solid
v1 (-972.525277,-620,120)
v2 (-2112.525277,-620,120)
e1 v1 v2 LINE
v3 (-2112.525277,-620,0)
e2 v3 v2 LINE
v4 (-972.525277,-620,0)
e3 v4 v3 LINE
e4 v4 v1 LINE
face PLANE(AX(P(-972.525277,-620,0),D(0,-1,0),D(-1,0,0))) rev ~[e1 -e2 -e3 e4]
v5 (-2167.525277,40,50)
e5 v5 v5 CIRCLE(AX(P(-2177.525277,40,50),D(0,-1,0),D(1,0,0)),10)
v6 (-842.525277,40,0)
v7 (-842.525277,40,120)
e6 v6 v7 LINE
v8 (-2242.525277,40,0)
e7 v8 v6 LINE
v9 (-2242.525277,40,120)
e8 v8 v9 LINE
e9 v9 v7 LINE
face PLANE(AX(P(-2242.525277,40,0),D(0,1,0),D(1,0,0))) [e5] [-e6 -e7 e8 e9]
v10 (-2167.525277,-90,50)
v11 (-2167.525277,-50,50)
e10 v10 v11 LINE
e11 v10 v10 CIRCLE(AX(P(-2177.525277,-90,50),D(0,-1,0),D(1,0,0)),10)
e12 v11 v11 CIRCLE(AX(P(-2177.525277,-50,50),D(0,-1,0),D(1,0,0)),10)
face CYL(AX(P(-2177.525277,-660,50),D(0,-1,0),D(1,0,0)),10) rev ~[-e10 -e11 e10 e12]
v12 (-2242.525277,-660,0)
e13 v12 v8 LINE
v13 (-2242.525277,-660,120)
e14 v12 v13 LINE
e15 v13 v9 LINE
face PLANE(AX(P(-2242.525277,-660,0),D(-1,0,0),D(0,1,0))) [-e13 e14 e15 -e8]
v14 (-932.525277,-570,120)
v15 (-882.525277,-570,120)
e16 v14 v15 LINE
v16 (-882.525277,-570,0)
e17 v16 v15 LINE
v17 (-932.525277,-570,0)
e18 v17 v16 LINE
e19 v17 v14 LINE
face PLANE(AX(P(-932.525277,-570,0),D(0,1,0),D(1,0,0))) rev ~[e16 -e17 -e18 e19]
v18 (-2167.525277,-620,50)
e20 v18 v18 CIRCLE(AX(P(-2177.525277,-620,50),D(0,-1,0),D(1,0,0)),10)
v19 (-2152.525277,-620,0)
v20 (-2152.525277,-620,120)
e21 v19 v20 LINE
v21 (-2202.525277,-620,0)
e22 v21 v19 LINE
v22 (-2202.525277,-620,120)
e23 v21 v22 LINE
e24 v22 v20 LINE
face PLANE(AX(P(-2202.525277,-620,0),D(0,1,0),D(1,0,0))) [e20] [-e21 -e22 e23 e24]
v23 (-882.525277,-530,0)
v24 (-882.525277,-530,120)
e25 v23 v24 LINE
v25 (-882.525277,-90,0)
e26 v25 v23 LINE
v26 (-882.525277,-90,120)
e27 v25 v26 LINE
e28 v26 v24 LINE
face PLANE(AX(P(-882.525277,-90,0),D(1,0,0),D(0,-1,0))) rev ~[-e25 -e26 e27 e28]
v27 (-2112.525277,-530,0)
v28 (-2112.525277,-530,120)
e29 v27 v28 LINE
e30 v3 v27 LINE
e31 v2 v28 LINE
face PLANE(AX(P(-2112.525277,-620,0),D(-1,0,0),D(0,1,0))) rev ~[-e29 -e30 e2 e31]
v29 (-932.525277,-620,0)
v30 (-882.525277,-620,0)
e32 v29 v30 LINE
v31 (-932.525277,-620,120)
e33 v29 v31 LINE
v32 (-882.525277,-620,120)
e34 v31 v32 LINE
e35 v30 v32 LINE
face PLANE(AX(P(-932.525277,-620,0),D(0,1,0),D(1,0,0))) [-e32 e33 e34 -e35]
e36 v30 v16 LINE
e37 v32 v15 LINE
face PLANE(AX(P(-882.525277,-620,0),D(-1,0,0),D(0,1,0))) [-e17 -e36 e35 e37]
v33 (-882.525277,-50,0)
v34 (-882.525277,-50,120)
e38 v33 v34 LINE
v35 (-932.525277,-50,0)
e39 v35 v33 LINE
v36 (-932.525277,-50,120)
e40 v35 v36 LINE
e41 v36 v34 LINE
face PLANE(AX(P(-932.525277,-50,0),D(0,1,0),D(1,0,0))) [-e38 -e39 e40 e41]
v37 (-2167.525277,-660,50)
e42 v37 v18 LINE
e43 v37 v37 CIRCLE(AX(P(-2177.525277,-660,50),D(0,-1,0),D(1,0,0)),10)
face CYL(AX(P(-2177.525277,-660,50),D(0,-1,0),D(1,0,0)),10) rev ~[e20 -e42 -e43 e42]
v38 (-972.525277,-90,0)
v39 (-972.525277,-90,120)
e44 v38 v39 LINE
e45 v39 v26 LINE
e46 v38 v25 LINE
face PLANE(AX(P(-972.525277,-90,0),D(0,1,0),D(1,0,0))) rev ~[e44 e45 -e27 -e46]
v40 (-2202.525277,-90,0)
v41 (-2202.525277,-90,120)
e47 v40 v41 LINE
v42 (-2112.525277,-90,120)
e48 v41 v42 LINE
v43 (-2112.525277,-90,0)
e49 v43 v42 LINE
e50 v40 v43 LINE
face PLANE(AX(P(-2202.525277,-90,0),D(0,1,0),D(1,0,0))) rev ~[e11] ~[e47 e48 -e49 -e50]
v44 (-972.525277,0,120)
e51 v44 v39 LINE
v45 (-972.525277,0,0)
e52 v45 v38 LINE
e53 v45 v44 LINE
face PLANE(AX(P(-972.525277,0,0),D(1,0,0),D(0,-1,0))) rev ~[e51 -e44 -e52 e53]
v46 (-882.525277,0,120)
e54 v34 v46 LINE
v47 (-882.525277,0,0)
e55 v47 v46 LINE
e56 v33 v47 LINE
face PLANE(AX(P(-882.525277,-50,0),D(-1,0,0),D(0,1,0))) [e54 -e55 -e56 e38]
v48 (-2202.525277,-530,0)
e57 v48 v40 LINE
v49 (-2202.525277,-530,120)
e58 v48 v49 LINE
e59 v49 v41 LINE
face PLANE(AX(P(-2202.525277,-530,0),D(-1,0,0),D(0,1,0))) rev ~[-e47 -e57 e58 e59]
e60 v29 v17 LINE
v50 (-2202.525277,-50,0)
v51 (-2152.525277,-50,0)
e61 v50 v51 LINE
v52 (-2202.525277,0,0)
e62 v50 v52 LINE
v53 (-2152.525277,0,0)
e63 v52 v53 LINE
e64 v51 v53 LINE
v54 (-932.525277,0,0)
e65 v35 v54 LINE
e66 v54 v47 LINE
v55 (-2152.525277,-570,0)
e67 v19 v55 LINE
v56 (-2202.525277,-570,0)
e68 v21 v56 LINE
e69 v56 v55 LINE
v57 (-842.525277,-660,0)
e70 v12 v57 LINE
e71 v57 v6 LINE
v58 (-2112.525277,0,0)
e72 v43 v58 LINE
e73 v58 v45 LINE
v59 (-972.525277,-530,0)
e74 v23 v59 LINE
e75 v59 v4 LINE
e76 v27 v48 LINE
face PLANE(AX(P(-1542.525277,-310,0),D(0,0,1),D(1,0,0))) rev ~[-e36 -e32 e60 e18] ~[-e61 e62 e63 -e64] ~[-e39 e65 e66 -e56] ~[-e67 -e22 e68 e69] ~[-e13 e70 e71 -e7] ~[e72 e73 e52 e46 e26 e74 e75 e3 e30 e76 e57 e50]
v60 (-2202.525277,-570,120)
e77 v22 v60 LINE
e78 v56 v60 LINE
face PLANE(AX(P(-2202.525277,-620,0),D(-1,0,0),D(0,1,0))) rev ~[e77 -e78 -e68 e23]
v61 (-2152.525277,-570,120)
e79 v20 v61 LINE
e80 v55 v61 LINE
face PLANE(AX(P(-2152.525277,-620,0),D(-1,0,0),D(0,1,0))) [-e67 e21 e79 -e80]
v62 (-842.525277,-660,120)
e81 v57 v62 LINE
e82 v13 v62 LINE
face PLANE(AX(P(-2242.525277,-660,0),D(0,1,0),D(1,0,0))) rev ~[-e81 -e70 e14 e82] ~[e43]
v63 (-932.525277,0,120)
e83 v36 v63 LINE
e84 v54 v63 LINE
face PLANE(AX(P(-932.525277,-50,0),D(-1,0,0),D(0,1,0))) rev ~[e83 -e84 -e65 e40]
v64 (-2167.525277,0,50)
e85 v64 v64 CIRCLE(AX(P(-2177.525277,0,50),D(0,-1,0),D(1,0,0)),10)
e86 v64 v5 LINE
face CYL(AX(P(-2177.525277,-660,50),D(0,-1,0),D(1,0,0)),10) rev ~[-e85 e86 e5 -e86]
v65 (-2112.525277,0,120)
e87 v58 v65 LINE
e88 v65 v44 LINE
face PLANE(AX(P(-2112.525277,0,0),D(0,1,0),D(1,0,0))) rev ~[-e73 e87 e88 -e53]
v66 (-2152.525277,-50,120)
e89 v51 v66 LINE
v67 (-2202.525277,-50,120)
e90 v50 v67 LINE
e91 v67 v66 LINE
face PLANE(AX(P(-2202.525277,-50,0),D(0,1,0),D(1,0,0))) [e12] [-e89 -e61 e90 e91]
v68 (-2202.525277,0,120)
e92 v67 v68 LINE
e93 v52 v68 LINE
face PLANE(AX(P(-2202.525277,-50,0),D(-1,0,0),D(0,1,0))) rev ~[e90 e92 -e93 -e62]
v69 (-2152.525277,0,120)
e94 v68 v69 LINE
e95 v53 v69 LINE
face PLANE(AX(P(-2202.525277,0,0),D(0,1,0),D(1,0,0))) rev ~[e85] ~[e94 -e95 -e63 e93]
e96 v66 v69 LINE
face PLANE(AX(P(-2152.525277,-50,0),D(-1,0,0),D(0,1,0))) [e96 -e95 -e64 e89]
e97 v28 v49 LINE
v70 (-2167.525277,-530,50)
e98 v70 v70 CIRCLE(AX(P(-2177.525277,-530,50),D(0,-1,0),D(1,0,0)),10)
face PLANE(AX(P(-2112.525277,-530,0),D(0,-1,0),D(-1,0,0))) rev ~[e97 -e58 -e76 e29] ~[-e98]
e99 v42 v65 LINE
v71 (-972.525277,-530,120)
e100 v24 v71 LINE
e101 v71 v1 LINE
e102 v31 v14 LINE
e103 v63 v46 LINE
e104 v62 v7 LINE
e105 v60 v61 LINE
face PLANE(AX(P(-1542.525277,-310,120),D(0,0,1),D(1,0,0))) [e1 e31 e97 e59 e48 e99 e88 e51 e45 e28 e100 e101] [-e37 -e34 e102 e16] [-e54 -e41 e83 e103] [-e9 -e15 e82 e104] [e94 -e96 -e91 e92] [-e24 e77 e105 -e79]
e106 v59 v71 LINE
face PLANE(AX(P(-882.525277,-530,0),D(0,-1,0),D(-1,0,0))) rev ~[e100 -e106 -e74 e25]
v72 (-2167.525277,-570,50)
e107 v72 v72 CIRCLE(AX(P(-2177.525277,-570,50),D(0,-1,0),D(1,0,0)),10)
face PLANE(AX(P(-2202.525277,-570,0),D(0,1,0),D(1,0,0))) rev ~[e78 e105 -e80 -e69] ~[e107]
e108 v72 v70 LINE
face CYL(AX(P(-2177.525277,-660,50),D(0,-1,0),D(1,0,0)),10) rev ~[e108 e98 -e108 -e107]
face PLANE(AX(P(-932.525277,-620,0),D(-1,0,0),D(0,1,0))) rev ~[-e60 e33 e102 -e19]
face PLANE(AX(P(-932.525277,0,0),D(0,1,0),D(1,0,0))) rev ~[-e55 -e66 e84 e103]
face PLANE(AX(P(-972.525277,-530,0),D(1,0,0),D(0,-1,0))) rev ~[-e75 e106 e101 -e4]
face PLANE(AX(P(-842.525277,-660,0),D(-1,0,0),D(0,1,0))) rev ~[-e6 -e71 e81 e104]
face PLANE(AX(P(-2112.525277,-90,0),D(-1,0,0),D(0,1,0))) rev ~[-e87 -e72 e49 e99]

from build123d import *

# Parameters (mm, degrees)
F0_W     = 1400
F0_H     = 700
F0_W_2   = 50
F0_H_2   = 50
F1_DEPTH = 120
F2_R     = 10
F3_DEPTH = 1000


with BuildPart() as f1:
    # F0 (on Top) → F1 (new body)
    with BuildSketch(Plane.XY):
        with Locations((-1542.525277, -310)):
            Rectangle(F0_W, F0_H)
        with Locations((-2177.525277, -595)):
            Rectangle(F0_W_2, F0_H_2, mode=Mode.SUBTRACT)
        with Locations((-907.525277, -595)):
            Rectangle(F0_W_2, F0_H_2, mode=Mode.SUBTRACT)
        with Locations((-2177.525277, -25)):
            Rectangle(F0_W_2, F0_H_2, mode=Mode.SUBTRACT)
        Polygon((-2202.525277, -530), (-2202.525277, -90), (-2112.525277, -90), (-2112.525277, 0), (-972.525277, 0), (-972.525277, -90), (-882.525277, -90), (-882.525277, -530), (-972.525277, -530), (-972.525277, -620), (-2112.525277, -620), (-2112.525277, -530), align=None, mode=Mode.SUBTRACT)
        with Locations((-907.525277, -25)):
            Rectangle(F0_W_2, F0_H_2, mode=Mode.SUBTRACT)
    extrude(amount=F1_DEPTH)

    # F2 (on face) → F3 (cut)
    with BuildSketch(Plane.XZ.offset(660)):
        with Locations((-2177.525277, 50)):
            Circle(F2_R)
    extrude(amount=-F3_DEPTH, mode=Mode.SUBTRACT)


solid = f1.part
